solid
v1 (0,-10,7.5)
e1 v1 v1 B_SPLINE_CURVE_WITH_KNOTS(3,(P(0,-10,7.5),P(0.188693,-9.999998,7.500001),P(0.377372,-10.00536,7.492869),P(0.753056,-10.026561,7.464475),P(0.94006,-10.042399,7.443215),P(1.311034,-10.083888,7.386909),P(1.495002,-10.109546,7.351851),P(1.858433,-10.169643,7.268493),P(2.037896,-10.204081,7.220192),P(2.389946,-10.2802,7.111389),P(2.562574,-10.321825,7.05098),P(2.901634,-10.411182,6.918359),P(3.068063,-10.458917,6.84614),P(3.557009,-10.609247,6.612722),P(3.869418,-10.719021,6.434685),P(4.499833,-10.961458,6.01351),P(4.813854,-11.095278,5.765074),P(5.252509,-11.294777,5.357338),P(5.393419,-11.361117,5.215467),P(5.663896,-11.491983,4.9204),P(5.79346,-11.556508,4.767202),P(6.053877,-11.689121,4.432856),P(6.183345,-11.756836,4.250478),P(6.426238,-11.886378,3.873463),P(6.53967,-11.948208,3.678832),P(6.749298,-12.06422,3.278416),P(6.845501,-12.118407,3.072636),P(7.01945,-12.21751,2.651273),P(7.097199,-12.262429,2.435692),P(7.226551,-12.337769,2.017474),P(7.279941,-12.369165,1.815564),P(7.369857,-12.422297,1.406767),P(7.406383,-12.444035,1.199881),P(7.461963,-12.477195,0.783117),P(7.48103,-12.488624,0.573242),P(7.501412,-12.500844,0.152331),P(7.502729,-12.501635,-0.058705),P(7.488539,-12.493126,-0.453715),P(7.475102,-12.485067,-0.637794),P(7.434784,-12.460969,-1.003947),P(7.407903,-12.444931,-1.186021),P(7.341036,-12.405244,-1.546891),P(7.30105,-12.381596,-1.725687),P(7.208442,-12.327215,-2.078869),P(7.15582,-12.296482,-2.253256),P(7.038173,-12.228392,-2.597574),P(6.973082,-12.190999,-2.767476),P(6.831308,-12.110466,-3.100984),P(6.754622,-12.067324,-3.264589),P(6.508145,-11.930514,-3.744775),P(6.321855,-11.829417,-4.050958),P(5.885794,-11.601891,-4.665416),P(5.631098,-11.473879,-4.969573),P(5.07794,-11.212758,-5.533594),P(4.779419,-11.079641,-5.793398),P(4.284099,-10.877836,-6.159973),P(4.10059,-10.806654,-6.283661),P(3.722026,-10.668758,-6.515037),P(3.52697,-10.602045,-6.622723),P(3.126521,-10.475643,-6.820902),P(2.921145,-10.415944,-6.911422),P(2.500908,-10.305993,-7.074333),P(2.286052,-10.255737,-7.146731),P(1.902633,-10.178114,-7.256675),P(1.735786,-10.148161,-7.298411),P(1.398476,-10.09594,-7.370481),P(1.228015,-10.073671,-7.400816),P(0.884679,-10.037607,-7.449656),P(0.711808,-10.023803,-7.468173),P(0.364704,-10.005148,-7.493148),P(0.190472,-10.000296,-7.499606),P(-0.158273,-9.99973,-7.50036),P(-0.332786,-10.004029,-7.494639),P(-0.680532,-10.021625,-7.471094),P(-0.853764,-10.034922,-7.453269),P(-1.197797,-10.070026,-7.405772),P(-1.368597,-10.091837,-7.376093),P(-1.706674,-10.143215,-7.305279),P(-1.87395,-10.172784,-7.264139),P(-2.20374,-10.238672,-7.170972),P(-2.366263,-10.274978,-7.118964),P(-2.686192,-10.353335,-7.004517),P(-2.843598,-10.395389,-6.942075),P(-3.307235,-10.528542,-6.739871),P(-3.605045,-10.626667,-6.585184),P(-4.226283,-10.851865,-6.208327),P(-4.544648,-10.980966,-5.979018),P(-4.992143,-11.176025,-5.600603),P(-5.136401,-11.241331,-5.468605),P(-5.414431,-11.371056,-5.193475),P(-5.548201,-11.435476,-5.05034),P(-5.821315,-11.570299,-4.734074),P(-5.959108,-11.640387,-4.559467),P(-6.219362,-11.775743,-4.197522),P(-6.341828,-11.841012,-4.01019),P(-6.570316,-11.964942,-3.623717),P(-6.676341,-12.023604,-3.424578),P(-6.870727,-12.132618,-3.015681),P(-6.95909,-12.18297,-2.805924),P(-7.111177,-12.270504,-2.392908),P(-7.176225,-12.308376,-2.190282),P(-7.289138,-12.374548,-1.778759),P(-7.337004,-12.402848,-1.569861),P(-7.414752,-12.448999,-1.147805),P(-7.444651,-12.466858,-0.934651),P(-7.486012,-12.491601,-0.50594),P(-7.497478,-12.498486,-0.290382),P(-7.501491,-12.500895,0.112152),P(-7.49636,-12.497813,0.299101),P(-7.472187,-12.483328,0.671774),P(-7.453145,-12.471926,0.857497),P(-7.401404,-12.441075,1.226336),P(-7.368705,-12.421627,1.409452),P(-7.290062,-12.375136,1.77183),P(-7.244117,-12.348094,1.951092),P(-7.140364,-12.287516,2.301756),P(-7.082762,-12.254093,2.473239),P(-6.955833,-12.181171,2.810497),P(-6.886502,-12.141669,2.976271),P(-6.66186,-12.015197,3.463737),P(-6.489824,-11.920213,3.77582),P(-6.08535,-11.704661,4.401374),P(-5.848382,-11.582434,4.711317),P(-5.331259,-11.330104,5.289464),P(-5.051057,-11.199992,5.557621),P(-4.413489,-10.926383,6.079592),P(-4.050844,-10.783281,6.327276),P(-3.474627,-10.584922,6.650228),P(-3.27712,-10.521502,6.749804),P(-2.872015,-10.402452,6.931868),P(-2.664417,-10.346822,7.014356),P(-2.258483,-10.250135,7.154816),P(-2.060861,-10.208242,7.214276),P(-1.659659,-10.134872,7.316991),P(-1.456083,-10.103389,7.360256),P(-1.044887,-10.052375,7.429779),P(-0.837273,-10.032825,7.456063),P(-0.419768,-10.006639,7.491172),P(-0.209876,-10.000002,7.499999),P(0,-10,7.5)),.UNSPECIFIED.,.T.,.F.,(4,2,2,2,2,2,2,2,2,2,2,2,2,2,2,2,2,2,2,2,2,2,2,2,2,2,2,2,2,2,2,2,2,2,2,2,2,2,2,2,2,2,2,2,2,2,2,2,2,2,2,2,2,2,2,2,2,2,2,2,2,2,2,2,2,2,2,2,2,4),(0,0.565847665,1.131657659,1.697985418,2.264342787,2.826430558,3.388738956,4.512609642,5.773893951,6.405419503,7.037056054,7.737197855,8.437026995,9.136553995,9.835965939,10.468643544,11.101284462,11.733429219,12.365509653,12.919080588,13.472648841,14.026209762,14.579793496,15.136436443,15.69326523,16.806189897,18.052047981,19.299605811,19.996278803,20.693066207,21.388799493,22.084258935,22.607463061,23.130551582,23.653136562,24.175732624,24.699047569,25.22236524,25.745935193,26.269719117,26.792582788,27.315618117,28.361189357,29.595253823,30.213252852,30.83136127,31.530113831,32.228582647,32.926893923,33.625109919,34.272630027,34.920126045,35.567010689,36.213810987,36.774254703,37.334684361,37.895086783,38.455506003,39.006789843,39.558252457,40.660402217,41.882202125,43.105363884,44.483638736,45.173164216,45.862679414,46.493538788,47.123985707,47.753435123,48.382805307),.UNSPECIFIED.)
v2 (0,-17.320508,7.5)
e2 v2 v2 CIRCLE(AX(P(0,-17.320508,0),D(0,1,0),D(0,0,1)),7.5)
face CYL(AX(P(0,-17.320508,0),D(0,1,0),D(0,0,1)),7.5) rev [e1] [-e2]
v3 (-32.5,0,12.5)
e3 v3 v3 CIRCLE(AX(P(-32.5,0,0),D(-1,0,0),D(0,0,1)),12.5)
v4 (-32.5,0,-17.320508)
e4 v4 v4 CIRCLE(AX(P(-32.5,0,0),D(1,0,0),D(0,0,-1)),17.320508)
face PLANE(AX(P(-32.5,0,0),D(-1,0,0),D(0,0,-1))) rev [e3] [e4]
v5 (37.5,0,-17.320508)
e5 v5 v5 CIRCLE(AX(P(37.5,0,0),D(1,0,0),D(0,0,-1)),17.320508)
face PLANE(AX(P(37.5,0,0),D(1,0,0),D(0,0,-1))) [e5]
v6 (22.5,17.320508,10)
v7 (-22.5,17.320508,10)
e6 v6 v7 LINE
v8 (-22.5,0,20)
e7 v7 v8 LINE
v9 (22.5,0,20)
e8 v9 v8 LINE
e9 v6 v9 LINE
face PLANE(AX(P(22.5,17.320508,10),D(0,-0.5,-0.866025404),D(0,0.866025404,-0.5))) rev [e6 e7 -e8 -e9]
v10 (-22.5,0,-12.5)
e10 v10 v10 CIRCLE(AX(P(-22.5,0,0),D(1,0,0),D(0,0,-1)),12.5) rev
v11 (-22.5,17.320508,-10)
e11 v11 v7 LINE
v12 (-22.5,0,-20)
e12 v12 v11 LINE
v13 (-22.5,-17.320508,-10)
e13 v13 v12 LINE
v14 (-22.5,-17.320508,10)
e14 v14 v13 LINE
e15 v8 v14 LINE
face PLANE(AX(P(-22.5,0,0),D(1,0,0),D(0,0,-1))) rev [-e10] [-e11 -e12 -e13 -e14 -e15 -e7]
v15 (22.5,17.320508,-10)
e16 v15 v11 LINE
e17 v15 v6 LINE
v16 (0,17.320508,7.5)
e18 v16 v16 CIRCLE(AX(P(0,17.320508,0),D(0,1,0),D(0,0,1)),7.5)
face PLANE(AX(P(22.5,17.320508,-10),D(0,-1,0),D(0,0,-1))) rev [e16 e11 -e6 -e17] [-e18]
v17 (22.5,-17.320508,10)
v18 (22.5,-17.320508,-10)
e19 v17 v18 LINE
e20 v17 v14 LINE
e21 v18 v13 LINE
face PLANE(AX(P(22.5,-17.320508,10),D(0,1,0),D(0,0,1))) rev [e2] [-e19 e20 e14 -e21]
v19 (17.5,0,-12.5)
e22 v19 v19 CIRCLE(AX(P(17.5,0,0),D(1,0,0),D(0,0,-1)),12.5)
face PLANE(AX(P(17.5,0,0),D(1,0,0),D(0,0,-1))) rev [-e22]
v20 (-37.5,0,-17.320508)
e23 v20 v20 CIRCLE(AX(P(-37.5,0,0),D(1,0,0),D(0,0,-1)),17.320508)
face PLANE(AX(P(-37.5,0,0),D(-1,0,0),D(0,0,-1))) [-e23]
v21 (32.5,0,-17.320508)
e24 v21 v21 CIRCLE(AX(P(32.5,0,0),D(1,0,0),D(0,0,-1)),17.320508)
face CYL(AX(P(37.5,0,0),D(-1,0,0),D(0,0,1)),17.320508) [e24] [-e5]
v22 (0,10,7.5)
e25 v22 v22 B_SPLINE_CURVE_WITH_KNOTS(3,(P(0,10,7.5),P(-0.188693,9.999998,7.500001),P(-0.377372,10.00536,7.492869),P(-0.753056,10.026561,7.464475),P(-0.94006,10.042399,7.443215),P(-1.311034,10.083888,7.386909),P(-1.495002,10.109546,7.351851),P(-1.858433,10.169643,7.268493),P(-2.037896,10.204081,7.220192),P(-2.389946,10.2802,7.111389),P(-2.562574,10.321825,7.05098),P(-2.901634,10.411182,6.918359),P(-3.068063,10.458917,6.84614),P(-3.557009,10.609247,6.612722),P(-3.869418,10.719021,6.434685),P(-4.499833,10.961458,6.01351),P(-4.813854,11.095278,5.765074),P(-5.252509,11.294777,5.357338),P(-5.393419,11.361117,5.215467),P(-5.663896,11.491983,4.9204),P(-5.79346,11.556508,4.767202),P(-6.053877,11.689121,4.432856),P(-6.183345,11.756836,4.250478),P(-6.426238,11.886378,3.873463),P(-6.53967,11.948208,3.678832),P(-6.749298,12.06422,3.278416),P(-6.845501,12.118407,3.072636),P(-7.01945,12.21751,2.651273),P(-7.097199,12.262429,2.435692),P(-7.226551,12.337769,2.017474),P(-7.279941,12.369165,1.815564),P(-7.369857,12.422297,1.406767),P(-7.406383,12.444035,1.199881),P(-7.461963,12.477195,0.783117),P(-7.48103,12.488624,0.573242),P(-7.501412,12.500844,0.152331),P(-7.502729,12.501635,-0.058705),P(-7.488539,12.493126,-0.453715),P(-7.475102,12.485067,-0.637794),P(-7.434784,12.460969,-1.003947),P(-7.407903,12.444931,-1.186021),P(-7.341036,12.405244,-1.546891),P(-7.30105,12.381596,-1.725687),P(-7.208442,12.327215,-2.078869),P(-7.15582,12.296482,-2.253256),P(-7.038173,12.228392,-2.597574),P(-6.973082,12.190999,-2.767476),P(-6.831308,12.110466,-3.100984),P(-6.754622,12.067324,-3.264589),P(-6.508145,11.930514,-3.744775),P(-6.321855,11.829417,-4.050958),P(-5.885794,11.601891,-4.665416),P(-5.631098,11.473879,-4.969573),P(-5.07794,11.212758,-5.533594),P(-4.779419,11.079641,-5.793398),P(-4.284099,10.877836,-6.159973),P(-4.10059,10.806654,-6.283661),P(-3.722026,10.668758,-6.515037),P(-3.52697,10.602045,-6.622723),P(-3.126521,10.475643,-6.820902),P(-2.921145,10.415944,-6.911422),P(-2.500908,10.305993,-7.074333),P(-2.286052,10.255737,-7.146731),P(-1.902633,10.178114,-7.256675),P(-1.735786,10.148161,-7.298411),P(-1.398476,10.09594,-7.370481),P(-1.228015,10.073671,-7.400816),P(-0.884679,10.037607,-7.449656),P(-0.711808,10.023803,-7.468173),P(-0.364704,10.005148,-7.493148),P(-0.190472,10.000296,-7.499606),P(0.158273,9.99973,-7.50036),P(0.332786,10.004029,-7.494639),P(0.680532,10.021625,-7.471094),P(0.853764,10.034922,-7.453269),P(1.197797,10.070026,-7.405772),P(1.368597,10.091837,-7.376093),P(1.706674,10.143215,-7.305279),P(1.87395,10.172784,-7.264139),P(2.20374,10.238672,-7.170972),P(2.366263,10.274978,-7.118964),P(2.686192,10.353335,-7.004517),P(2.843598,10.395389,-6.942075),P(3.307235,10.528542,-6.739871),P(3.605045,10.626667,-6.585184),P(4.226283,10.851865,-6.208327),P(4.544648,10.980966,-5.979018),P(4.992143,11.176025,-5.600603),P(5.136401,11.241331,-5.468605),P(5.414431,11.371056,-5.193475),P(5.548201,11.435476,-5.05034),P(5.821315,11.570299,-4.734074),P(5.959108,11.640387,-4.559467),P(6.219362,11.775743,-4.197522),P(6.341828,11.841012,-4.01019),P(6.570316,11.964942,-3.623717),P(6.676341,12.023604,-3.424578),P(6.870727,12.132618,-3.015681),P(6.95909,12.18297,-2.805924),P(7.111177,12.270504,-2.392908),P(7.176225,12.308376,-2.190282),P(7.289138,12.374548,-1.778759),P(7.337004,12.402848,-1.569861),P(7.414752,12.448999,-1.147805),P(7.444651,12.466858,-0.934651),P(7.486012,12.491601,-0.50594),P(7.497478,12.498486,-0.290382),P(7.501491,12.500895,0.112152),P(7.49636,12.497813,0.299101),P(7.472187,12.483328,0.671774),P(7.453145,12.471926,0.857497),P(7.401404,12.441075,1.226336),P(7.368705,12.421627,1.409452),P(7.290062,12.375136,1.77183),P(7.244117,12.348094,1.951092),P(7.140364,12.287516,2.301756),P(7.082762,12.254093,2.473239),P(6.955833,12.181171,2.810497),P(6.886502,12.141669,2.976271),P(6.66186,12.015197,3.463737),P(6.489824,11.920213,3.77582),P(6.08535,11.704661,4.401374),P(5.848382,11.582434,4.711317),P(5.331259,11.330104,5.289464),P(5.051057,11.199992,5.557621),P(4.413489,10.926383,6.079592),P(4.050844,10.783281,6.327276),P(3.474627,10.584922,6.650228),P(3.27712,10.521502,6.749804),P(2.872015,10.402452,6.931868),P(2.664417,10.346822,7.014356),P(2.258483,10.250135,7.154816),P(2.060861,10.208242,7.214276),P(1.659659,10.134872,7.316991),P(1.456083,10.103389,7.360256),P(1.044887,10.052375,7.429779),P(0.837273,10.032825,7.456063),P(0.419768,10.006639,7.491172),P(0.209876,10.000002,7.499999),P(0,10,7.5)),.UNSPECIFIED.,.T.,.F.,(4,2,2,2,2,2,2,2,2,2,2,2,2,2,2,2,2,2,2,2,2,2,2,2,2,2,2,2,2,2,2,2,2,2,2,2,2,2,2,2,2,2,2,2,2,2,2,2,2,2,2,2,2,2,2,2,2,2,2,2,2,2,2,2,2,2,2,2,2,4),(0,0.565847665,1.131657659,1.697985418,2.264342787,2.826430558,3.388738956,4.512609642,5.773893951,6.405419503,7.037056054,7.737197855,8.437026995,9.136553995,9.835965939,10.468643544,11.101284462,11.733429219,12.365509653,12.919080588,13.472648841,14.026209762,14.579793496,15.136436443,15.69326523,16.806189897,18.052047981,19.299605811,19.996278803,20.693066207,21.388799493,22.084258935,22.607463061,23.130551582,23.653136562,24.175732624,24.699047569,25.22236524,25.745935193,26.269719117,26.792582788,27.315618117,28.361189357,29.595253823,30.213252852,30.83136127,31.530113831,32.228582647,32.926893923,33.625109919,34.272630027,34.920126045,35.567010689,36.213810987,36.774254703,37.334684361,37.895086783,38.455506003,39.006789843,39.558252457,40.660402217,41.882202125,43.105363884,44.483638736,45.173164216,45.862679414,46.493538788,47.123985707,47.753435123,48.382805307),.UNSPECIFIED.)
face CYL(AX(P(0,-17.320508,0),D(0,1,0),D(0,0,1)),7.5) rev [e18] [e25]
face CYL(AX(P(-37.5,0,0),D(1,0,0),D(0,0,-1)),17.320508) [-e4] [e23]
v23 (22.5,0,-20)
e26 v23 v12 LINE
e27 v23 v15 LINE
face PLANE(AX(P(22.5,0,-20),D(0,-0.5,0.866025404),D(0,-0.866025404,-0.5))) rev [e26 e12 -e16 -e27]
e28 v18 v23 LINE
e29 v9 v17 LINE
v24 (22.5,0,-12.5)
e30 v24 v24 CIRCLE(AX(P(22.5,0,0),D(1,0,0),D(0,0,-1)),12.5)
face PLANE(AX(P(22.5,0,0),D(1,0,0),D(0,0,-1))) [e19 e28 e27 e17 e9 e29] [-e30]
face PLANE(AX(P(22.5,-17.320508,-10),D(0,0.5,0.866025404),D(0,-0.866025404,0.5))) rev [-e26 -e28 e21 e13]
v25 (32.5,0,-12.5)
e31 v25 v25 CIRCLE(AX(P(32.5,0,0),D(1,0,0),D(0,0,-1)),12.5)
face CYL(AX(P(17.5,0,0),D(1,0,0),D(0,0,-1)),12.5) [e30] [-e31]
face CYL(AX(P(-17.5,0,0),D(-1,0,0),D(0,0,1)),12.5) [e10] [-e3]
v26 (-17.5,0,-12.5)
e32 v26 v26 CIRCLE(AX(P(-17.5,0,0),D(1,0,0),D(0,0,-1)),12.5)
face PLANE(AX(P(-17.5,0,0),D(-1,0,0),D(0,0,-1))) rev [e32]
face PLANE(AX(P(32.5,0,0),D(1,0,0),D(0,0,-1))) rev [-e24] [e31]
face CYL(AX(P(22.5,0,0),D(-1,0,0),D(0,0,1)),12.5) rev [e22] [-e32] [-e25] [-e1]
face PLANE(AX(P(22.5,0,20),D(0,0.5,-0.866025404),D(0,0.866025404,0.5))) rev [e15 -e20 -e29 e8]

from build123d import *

# Parameters (mm, degrees)
SKETCH1_R               = 12.5
BOSS_EXTRUDE1_DEPTH     = 22.5
SKETCH2_R               = 7.5
CUT_EXTRUDE2_DEPTH      = 18.320508076
CUT_EXTRUDE2_DEPTH_BACK = 18.320508076
BOSS_EXTRUDE2_START     = -5
SKETCH3_R               = 12.5
BOSS_EXTRUDE2_DEPTH     = 15
SKETCH4_R               = 17.320508076
BOSS_EXTRUDE3_DEPTH     = 5


with BuildPart() as part:
    # Sketch1 → Boss-Extrude1 (new body, symmetric)
    with BuildSketch(Plane(origin=(0, 0, 0), x_dir=(0, 0, -1), z_dir=(1, 0, 0))):
        Polygon((10, 17.320508076), (-10, 17.320508076), (-20, 0), (-10, -17.320508076), (10, -17.320508076), (20, 0), align=None)
        Circle(SKETCH1_R, mode=Mode.SUBTRACT)
    extrude(amount=BOSS_EXTRUDE1_DEPTH, both=True)

    # Sketch2 → Cut-Extrude2 (cut, two sides)
    with BuildSketch(Plane(origin=(0, 0, 0), x_dir=(1, 0, 0), z_dir=(0, 1, 0))) as cut_extrude2_sk:
        Circle(SKETCH2_R)
    extrude(amount=CUT_EXTRUDE2_DEPTH, mode=Mode.SUBTRACT)
    extrude(cut_extrude2_sk.sketch, amount=-CUT_EXTRUDE2_DEPTH_BACK, mode=Mode.SUBTRACT)

    # Sketch3 → Boss-Extrude2 (add)
    with BuildSketch(Plane(origin=(22.5, 0, 0), x_dir=(0, 0, -1), z_dir=(1, 0, 0)).offset(BOSS_EXTRUDE2_START)):
        Circle(SKETCH3_R)
    boss_extrude2 = extrude(amount=BOSS_EXTRUDE2_DEPTH)

    # Sketch4 → Boss-Extrude3 (add)
    with BuildSketch(Plane(origin=(32.5, 0, 0), x_dir=(0, 0, -1), z_dir=(1, 0, 0))):
        Circle(SKETCH4_R)
    boss_extrude3 = extrude(amount=BOSS_EXTRUDE3_DEPTH)

    # Mirror3: Boss-Extrude2, Boss-Extrude3 across plane
    add(boss_extrude2.mirror(Plane(origin=(0, 0, 0), x_dir=(0, 0, 1), z_dir=(1, 0, 0))))
    add(boss_extrude3.mirror(Plane(origin=(0, 0, 0), x_dir=(0, 0, 1), z_dir=(1, 0, 0))))


solid = part.part
